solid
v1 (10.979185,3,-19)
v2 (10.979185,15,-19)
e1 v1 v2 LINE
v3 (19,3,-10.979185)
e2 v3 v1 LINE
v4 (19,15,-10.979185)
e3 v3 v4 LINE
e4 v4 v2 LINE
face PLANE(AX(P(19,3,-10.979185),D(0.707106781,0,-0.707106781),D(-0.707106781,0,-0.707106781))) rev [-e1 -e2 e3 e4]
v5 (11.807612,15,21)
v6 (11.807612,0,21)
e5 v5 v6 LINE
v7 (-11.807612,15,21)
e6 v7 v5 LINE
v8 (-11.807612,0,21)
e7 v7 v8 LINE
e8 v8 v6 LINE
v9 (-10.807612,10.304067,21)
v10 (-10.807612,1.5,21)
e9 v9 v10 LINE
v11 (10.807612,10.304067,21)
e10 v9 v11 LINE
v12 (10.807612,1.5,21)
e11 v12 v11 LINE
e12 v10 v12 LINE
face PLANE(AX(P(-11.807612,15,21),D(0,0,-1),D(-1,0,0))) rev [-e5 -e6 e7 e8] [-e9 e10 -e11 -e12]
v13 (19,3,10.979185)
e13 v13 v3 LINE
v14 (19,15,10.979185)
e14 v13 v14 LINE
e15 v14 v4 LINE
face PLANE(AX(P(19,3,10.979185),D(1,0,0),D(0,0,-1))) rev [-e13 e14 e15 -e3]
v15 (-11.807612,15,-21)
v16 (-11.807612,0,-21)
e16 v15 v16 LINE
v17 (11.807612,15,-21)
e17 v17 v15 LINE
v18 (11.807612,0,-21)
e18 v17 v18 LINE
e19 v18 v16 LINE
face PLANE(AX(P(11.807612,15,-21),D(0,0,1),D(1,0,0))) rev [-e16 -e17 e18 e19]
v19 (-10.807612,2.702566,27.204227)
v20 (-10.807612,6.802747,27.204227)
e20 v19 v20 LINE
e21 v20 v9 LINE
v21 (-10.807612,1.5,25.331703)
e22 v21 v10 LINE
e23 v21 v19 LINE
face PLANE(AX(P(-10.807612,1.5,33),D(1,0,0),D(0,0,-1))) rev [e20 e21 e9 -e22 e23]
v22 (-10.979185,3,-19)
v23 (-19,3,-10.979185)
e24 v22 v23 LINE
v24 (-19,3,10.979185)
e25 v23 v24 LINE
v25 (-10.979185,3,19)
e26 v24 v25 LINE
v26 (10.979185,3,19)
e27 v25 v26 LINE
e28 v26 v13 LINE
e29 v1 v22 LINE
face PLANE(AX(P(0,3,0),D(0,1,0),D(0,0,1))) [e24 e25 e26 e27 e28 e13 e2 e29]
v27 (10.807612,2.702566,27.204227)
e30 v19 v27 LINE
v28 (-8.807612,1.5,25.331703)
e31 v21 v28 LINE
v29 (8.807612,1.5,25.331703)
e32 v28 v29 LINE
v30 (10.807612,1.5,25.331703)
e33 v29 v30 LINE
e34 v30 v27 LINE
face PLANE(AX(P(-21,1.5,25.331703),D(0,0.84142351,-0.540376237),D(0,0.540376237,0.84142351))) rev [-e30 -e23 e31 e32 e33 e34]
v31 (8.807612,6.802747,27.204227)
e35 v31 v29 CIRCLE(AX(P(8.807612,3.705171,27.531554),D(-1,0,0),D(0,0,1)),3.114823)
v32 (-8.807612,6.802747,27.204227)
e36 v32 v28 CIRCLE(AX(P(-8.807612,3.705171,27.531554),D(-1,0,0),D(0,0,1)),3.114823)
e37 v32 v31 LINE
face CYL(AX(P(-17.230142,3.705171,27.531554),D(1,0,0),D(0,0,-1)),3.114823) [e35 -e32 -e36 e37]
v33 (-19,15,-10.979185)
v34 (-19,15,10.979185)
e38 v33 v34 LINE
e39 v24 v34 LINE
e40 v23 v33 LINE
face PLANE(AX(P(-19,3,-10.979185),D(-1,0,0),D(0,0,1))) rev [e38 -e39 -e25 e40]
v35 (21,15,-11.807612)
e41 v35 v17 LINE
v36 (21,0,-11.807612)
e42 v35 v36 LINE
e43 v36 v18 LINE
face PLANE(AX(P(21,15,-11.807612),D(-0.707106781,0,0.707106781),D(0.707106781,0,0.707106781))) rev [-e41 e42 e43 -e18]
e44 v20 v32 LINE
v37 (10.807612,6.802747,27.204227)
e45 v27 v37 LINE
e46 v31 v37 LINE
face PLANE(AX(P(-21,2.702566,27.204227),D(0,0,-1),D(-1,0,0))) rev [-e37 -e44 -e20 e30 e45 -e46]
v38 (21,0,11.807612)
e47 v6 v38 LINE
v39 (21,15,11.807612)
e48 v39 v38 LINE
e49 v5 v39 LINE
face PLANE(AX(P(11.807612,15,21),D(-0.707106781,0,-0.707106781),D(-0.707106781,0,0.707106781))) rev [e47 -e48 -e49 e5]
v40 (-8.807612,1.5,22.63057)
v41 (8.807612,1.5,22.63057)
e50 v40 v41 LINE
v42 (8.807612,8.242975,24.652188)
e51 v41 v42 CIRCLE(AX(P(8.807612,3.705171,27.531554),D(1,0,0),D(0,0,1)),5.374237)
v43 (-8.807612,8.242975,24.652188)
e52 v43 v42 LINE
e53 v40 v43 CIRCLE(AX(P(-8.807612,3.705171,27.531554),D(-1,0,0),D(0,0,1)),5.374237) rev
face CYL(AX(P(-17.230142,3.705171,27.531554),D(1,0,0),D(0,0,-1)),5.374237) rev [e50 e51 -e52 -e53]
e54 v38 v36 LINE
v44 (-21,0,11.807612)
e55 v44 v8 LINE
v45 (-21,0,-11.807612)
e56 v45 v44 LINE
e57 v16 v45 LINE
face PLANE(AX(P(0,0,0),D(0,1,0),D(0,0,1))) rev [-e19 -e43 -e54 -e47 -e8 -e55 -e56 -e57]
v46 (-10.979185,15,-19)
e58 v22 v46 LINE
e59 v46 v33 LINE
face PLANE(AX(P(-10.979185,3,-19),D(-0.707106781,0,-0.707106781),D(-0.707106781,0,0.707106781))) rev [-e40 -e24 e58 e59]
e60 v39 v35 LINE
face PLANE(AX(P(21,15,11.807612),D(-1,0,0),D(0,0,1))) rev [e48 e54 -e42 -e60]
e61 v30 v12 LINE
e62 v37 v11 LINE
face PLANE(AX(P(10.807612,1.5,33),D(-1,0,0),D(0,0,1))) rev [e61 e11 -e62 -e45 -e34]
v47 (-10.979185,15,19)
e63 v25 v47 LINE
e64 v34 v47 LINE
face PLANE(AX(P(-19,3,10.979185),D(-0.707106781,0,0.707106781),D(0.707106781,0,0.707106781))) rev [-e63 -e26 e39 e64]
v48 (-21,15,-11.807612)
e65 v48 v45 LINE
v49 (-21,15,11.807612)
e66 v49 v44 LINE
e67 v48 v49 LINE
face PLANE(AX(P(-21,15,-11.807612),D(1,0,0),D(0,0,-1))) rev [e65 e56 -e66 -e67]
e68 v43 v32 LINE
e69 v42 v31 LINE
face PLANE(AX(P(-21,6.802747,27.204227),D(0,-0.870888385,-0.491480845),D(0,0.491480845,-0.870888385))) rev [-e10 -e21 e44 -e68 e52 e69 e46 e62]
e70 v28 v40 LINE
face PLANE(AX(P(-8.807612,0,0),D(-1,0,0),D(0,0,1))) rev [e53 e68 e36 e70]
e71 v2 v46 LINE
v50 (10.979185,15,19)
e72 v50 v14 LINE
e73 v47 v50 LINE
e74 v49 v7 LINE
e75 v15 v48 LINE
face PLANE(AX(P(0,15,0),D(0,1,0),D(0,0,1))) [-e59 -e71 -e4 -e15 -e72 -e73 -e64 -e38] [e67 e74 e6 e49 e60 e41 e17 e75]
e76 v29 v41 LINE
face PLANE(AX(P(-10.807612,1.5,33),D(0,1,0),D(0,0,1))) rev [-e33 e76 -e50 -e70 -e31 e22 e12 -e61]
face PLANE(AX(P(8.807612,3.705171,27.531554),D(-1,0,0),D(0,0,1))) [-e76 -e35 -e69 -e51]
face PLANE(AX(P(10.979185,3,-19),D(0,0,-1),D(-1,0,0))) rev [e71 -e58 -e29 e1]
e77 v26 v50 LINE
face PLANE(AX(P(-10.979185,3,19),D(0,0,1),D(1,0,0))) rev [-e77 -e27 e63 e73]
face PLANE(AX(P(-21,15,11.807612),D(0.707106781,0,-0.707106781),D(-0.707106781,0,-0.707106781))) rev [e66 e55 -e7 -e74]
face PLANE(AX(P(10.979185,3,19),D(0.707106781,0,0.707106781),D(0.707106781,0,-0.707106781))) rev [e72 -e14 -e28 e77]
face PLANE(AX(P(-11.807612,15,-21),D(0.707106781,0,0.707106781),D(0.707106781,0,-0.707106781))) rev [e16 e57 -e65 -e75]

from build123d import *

# Parameters (mm, degrees)
BOSS_EXTRUDE1_DEPTH = 15
CUT_EXTRUDE1_DEPTH  = 12
SKETCH4_W           = 21.61522369
SKETCH4_H           = 10.5
BOSS_EXTRUDE2_DEPTH = 12
CUT_EXTRUDE2_DEPTH  = 32.807611845
CUT_EXTRUDE4_START  = -17.615224
CUT_EXTRUDE4_DEPTH  = 17.615224


with BuildPart() as part:
    # Sketch2 → Boss-Extrude1 (new body)
    with BuildSketch(Plane(origin=(0, 0, 0), x_dir=(1, 0, 0), z_dir=(0, 1, 0))):
        Polygon((-21, 11.807611845), (-21, -11.807611845), (-11.807611845, -21), (11.807611845, -21), (21, -11.807611845), (21, 11.807611845), (11.807611845, 21), (-11.807611845, 21), align=None)
    extrude(amount=BOSS_EXTRUDE1_DEPTH)

    # Sketch3 → Cut-Extrude1 (cut)
    with BuildSketch(Plane(origin=(0, 15, 0), x_dir=(1, 0, 0), z_dir=(0, 1, 0))):
        Polygon((10.97918472, 19), (-10.97918472, 19), (-19, 10.97918472), (-19, -10.97918472), (-10.97918472, -19), (10.97918472, -19), (19, -10.97918472), (19, 10.97918472), align=None)
    extrude(amount=-CUT_EXTRUDE1_DEPTH, mode=Mode.SUBTRACT)

    # Sketch4 → Boss-Extrude2 (add)
    with BuildSketch(Plane.XY.offset(21)):
        with Locations((0, 6.75)):
            Rectangle(SKETCH4_W, SKETCH4_H)
    extrude(amount=BOSS_EXTRUDE2_DEPTH)

    # Sketch5 → Cut-Extrude2 (cut, through all)
    with BuildSketch(Plane(origin=(10.807611845, 0, 0), x_dir=(0, 0, -1), z_dir=(1, 0, 0))):
        Polygon((-25.331702881, 1.5), (-27.204226548, 2.702565985), (-27.204226548, 6.802747117), (-21, 10.304066646), (-21, 12), (-33, 12), (-33, 1.5), align=None)
    extrude(amount=-CUT_EXTRUDE2_DEPTH, mode=Mode.SUBTRACT)

    # Sketch6 → Cut-Extrude4 (cut)
    with BuildSketch(Plane(origin=(8.807611845, 0, 0), x_dir=(0, 0, -1), z_dir=(1, 0, 0)).offset(CUT_EXTRUDE4_START)):
        with BuildLine():
            Line((-27.204226548, 6.802747117), (-24.65218816, 8.242975286))
            ThreePointArc((-24.65218816, 8.242975286), (-22.383701286, 5.248553265), (-22.630570395, 1.5))
            Line((-22.630570395, 1.5), (-25.331702881, 1.5))
            ThreePointArc((-25.331702881, 1.5), (-24.594474047, 4.742322139), (-27.204226548, 6.802747117))
        make_face()
    extrude(amount=CUT_EXTRUDE4_DEPTH, mode=Mode.SUBTRACT)


solid = part.part
